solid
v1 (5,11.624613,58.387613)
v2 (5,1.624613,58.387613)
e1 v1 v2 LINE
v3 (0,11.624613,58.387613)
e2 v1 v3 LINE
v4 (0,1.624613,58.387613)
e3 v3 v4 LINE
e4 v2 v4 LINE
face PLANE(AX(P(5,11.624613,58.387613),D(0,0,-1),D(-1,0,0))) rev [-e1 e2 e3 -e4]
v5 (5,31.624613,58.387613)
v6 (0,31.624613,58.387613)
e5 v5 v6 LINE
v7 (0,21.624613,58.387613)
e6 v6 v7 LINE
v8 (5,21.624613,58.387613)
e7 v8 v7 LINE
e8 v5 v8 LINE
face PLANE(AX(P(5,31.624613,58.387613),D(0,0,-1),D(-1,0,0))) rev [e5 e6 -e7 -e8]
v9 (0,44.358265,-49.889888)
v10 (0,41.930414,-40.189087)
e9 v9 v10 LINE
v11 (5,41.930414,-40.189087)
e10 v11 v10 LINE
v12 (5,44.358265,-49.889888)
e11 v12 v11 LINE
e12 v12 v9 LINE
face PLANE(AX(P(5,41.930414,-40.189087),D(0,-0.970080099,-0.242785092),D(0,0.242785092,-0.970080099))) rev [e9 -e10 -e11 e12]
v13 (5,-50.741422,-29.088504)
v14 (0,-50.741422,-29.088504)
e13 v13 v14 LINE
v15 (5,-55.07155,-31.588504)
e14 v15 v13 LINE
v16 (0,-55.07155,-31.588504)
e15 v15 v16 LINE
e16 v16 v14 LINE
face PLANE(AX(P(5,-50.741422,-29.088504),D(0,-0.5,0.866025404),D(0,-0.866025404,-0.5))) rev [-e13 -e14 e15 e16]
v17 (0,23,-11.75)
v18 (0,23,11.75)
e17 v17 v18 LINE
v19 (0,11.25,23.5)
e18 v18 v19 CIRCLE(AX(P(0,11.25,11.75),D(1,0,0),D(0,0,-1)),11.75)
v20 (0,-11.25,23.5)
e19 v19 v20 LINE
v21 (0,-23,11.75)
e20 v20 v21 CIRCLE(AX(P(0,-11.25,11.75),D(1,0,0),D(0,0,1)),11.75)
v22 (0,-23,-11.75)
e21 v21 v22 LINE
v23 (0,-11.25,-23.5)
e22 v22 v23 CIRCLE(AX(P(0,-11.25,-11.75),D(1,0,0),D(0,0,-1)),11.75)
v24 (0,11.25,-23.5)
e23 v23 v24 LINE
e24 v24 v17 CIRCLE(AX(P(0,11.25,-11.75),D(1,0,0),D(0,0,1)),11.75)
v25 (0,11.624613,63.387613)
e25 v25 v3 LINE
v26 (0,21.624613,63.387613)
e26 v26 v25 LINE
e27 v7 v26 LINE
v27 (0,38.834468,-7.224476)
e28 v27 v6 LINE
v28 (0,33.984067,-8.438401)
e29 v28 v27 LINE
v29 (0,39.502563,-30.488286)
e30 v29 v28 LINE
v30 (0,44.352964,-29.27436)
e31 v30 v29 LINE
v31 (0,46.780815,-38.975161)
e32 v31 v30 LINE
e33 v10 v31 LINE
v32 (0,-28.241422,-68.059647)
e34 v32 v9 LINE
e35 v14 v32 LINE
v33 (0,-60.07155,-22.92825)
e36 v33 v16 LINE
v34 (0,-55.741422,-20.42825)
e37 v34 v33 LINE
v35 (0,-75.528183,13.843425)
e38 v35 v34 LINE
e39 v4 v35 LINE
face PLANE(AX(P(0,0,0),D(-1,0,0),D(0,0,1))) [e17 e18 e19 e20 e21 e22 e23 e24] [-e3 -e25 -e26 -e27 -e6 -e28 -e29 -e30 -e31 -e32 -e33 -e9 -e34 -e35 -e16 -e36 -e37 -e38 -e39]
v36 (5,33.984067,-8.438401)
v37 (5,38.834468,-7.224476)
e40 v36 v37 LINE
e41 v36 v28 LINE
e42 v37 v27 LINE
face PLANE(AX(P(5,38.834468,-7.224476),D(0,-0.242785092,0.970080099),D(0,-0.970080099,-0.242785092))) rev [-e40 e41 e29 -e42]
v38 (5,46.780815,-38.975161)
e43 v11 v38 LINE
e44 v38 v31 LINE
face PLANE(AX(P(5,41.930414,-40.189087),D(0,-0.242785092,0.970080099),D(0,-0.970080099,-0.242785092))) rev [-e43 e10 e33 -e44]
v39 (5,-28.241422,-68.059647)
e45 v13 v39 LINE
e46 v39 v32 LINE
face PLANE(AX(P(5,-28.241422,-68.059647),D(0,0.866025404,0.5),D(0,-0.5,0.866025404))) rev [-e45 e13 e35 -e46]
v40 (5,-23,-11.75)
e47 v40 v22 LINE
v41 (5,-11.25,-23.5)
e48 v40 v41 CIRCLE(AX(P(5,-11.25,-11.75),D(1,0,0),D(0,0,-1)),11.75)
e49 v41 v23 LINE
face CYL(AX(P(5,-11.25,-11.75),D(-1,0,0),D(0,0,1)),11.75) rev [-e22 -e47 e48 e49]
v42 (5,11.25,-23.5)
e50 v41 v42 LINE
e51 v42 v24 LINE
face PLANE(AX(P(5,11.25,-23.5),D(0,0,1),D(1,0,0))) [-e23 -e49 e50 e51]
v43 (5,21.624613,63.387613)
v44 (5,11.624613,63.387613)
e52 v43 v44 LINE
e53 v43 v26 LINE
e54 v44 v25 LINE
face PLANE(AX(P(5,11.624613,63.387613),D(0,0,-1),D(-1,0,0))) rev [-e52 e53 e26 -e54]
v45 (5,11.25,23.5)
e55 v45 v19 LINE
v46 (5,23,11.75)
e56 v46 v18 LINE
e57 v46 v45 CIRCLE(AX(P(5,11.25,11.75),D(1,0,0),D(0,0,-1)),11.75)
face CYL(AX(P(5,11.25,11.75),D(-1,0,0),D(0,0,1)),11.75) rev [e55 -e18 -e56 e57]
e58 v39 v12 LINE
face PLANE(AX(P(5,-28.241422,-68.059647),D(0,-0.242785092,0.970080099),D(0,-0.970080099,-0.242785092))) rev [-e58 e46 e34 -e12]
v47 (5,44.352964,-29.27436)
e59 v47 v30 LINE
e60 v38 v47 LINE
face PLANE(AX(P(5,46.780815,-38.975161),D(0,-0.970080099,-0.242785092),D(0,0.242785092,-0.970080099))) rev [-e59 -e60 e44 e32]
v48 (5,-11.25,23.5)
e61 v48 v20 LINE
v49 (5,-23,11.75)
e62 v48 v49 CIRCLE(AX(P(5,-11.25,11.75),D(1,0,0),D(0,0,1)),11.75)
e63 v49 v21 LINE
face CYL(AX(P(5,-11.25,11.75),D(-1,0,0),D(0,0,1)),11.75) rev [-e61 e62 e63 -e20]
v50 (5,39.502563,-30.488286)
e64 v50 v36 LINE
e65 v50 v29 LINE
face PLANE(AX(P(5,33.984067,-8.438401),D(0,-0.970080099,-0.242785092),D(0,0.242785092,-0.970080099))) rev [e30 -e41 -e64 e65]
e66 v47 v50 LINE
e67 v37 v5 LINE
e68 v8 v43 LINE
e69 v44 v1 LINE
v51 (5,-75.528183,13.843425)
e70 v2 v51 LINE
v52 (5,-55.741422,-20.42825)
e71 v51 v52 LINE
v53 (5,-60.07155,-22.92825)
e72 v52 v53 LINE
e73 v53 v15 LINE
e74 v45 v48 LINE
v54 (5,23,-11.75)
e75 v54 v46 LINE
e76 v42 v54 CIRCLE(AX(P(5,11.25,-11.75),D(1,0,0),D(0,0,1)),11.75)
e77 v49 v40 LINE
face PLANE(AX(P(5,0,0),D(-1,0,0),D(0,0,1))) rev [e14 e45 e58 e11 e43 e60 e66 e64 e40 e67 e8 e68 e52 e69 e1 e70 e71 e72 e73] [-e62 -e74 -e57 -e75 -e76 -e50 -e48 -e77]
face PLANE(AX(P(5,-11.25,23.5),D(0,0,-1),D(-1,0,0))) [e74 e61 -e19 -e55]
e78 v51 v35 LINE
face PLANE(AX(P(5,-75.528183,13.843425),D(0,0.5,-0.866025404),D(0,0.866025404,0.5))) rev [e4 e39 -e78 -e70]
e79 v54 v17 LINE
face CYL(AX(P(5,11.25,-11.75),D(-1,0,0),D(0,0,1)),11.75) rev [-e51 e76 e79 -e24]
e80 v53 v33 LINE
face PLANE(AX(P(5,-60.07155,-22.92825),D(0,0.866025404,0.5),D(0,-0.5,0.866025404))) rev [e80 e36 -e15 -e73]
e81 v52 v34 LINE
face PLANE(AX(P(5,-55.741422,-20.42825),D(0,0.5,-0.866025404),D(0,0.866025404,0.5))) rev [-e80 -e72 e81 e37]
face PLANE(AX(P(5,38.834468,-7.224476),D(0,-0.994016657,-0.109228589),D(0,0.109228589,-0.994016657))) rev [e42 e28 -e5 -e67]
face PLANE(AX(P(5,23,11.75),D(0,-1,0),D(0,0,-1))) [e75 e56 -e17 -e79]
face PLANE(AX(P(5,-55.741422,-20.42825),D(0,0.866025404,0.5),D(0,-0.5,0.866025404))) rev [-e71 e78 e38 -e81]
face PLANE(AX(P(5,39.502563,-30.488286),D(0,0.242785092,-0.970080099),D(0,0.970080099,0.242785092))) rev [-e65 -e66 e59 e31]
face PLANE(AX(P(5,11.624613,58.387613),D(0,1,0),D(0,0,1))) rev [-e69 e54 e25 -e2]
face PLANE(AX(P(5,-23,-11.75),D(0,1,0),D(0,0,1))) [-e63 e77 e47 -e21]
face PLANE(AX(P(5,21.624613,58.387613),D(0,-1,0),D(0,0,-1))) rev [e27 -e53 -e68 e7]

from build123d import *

# Parameters (mm, degrees)
BOSS_EXTRU_1_DEPTH = 5


with BuildPart() as part:
    # Esquisse1 → Boss.-Extru.1 (new body)
    with BuildSketch(Plane(origin=(0, 0, 0), x_dir=(0, 0, -1), z_dir=(1, 0, 0))):
        Polygon((20.428249593, -55.741422484), (-13.843425106, -75.528183097), (-58.387612711, 1.624613017), (-58.387612711, 11.624613017), (-63.387612711, 11.624613017), (-63.387612711, 21.624613017), (-58.387612711, 21.624613017), (-58.387612711, 31.624613017), (7.224475537, 38.834467888), (8.438400995, 33.984067391), (30.488285558, 39.502563492), (29.2743601, 44.352963989), (38.975161094, 46.780814906), (40.189086552, 41.930414409), (49.889887546, 44.358265326), (68.059646801, -28.241422484), (29.08850363, -50.741422484), (31.58850363, -55.071549503), (22.928249593, -60.071549503), align=None)
        with BuildLine():
            Line((-11.75, 23), (11.75, 23))
            ThreePointArc((11.75, 23), (20.058504679, 19.558504679), (23.5, 11.25))
            Line((23.5, 11.25), (23.5, -11.25))
            ThreePointArc((23.5, -11.25), (20.058504679, -19.558504679), (11.75, -23))
            Line((11.75, -23), (-11.75, -23))
            ThreePointArc((-11.75, -23), (-20.058504679, -19.558504679), (-23.5, -11.25))
            Line((-23.5, -11.25), (-23.5, 11.25))
            ThreePointArc((-23.5, 11.25), (-20.058504679, 19.558504679), (-11.75, 23))
        make_face(mode=Mode.SUBTRACT)
    extrude(amount=BOSS_EXTRU_1_DEPTH)


solid = part.part
